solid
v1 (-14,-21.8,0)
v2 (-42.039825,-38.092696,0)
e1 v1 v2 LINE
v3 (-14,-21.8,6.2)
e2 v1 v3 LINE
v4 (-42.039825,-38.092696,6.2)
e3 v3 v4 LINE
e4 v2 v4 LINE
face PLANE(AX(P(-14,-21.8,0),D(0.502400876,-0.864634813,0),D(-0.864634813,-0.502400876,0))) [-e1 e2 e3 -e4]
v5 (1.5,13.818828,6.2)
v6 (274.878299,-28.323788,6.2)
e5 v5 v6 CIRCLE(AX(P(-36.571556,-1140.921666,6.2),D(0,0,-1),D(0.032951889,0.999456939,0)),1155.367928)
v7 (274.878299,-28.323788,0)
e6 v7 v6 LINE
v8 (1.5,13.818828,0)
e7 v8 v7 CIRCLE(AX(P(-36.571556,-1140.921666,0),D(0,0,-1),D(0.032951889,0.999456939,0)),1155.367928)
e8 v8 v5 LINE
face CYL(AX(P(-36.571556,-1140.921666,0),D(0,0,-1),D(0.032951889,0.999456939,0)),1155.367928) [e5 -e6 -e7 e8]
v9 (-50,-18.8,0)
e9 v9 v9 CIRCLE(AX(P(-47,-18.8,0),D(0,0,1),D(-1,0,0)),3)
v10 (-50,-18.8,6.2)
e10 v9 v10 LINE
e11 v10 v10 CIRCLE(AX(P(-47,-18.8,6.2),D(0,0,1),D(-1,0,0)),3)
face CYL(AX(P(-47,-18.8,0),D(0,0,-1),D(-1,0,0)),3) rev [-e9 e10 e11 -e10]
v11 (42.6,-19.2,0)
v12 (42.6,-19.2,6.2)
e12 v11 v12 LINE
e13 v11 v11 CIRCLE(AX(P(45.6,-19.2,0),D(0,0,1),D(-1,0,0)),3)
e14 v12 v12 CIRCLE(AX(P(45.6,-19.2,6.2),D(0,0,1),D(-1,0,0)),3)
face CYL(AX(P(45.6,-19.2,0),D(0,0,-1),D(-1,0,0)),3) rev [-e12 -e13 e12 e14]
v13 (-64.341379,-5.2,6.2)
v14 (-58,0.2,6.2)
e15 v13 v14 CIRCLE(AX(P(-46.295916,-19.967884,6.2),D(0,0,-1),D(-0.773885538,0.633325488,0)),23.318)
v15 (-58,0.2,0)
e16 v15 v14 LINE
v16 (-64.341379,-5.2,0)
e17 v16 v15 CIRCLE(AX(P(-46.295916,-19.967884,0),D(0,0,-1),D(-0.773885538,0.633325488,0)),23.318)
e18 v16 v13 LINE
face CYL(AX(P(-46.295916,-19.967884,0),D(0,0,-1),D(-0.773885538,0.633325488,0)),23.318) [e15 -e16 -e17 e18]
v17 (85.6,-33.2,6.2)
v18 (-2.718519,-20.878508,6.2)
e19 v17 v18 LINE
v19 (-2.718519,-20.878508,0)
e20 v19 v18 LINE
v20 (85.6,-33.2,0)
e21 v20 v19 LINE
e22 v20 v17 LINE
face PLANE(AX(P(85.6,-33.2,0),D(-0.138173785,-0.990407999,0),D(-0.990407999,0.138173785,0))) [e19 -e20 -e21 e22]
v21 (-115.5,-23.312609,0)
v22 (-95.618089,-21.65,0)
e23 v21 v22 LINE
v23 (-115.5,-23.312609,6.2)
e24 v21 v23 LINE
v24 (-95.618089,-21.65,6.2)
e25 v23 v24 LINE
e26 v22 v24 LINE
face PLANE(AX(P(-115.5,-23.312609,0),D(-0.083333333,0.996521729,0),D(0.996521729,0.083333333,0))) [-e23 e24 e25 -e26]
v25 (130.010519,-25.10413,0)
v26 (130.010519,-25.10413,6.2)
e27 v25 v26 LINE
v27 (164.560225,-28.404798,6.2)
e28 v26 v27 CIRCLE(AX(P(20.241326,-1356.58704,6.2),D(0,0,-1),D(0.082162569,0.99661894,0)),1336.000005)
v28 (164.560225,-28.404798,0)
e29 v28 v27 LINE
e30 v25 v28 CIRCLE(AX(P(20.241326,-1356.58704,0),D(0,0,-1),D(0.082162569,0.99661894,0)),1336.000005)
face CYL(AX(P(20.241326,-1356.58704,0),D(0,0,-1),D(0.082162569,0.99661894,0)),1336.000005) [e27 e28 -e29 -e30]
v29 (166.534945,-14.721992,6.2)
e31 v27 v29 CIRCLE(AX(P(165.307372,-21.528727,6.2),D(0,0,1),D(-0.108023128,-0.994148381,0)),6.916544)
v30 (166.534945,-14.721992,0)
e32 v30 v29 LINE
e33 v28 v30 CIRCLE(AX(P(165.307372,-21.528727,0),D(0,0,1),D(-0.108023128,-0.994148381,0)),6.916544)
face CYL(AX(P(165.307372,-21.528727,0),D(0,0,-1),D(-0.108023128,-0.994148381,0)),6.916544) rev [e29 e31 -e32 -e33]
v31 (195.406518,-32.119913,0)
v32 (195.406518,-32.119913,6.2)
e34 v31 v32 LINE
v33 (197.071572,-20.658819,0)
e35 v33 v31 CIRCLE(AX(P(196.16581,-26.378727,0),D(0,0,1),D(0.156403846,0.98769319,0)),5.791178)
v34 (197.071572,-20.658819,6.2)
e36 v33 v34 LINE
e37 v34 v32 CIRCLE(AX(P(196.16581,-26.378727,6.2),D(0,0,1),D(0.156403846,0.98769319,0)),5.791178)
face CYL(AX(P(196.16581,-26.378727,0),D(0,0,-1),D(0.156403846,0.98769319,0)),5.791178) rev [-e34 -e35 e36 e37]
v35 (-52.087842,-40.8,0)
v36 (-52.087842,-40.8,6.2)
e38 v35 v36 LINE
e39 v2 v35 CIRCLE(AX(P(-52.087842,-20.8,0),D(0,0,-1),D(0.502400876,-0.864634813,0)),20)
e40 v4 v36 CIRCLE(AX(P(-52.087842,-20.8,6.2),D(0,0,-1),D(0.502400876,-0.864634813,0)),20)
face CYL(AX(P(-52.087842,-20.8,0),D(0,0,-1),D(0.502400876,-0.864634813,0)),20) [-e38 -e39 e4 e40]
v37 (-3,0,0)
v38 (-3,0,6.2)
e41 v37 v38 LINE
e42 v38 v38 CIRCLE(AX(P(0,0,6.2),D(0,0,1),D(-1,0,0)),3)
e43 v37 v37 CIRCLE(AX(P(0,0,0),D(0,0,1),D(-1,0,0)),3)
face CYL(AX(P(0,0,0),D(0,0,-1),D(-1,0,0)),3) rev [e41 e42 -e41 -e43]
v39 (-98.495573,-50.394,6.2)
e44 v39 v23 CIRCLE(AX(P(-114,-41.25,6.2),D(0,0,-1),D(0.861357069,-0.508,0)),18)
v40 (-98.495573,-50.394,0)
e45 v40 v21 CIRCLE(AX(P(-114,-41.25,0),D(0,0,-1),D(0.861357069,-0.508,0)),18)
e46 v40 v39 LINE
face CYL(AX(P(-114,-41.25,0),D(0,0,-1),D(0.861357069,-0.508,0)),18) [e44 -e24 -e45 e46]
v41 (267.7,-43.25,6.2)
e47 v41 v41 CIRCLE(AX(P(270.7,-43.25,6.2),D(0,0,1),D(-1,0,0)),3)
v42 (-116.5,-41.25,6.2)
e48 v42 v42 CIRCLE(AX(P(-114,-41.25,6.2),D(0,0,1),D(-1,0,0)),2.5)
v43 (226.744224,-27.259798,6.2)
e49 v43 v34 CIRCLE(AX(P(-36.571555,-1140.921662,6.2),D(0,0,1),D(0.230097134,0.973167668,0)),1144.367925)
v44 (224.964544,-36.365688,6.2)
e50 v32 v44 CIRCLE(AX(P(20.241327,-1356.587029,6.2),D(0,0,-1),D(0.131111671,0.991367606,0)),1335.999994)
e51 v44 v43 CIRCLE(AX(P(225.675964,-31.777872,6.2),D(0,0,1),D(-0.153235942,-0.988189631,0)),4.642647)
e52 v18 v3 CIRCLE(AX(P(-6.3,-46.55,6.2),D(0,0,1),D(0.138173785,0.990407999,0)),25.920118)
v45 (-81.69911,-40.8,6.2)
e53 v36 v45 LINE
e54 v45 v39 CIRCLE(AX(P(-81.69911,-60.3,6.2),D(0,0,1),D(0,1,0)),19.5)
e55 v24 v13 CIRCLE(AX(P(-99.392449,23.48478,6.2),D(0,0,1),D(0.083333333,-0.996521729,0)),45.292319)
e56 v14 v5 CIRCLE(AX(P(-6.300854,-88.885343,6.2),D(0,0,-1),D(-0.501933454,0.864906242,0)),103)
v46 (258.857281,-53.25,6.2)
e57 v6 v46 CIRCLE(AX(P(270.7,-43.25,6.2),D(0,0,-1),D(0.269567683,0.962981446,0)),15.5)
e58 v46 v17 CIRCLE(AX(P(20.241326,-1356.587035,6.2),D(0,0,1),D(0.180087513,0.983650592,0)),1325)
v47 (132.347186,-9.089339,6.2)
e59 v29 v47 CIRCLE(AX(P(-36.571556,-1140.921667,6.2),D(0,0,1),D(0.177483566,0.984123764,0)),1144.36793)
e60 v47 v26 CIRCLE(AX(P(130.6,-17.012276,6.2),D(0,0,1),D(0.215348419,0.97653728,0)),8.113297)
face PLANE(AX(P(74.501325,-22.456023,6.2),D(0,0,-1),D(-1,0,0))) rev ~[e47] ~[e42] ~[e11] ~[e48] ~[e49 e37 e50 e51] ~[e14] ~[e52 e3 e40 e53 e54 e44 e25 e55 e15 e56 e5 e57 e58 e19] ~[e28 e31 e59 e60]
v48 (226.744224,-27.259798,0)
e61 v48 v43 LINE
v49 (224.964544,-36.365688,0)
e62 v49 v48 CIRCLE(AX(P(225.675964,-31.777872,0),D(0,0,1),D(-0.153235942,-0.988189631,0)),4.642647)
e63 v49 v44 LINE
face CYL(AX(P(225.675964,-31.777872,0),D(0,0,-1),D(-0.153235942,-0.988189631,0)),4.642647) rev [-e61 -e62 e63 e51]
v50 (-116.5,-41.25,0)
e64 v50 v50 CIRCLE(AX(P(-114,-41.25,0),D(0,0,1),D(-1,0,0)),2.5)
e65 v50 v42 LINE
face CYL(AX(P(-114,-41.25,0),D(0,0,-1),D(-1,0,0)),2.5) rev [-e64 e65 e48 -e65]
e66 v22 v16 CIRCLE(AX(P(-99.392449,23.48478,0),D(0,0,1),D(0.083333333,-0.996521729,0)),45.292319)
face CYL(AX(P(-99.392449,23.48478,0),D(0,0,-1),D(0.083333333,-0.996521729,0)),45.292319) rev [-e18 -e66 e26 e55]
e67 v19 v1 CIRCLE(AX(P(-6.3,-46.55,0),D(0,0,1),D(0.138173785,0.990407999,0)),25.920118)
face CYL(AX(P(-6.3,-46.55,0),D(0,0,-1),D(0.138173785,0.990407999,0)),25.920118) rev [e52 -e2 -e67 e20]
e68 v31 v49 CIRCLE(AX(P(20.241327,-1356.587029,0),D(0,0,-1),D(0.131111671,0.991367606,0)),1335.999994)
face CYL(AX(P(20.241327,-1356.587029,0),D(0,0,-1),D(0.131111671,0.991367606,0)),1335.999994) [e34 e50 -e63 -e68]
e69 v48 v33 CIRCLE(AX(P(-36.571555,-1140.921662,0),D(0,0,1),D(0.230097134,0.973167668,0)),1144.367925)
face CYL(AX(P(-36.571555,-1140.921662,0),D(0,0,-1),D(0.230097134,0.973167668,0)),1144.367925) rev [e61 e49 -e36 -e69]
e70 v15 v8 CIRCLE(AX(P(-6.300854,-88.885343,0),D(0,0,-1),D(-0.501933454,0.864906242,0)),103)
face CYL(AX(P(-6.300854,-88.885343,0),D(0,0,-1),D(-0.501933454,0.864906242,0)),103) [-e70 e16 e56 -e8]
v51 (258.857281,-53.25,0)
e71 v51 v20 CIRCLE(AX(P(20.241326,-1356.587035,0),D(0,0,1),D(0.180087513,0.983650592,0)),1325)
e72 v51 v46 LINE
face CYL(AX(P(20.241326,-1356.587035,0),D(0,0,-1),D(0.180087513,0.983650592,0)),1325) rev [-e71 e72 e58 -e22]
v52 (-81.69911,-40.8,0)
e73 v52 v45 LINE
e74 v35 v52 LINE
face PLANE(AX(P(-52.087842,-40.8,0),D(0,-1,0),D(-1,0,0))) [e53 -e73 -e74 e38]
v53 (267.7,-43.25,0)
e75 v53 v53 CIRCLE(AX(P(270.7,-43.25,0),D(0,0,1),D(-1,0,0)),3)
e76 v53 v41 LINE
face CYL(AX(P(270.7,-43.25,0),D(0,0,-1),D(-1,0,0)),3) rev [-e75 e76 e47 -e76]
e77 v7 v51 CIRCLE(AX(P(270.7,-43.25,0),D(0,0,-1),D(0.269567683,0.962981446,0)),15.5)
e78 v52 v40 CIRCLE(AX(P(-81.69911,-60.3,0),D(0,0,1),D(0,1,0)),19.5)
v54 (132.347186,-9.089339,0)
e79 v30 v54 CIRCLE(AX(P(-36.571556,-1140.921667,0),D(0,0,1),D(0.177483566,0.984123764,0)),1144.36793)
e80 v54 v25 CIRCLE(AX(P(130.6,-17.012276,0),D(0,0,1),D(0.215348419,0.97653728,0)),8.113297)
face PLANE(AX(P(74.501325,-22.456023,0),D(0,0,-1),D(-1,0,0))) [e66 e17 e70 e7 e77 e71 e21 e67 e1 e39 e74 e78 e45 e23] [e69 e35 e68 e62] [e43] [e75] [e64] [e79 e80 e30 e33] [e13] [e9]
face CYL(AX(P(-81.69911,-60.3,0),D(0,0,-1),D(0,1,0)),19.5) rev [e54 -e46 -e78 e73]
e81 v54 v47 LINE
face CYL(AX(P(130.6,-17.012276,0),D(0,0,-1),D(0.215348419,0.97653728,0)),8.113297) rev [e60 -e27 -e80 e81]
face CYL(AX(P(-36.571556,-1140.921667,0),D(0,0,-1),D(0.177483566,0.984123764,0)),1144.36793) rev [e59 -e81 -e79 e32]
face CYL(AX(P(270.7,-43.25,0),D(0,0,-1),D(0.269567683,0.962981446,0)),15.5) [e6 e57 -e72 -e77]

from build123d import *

# Parameters (mm, degrees)
SKETCH1_R           = 2.5
SKETCH1_R_2         = 3
BOSS_EXTRUDE1_DEPTH = 6.2


with BuildPart() as part:
    # Sketch1 → Boss-Extrude1 (new body)
    with BuildSketch(Plane.XY):
        with BuildLine():
            Line((85.6, -33.2), (-2.718519223, -20.878508118))
            ThreePointArc((-2.718519223, -20.878508118), (-8.41017463, -20.715920511), (-14, -21.8))
            Line((-14, -21.8), (-42.039824529, -38.092696265))
            ThreePointArc((-42.039824529, -38.092696265), (-46.884666341, -40.111316958), (-52.087842039, -40.8))
            Line((-52.087842039, -40.8), (-81.699109919, -40.8))
            ThreePointArc((-81.699109919, -40.8), (-91.370795398, -43.36753119), (-98.495572761, -50.394))
            ThreePointArc((-98.495572761, -50.394), (-129.24406218, -50.82175889), (-115.5, -23.312608885))
            Line((-115.5, -23.312608885), (-95.618089435, -21.65))
            ThreePointArc((-95.618089435, -21.65), (-78.309182519, -16.601252711), (-64.341378668, -5.2))
            ThreePointArc((-64.341378668, -5.2), (-61.413749232, -2.21456762), (-58, 0.2))
            ThreePointArc((-58, 0.2), (-29.282001226, 11.518177334), (1.5, 13.818827736))
            ThreePointArc((1.5, 13.818827736), (139.454874424, 0.958251967), (274.87829908, -28.323787594))
            ThreePointArc((274.87829908, -28.323787594), (283.738974288, -51.630641354), (258.857280718, -53.25))
            ThreePointArc((258.857280718, -53.25), (172.558903288, -40.371111866), (85.6, -33.2))
        make_face()
        with Locations(Location((-114, -41.25, 0), (0, 0, 180))):
            Circle(SKETCH1_R, mode=Mode.SUBTRACT)
        with Locations(Location((-47, -18.8, 0), (0, 0, 180))):
            Circle(SKETCH1_R_2, mode=Mode.SUBTRACT)
        with Locations(Location((45.6, -19.2, 0), (0, 0, 180))):
            Circle(SKETCH1_R_2, mode=Mode.SUBTRACT)
        with Locations(Location((0, 0, 0), (0, 0, 180))):
            Circle(SKETCH1_R_2, mode=Mode.SUBTRACT)
        with Locations(Location((270.7, -43.25, 0), (0, 0, 180))):
            Circle(SKETCH1_R_2, mode=Mode.SUBTRACT)
        with BuildLine():
            ThreePointArc((226.744224082, -27.259797753), (211.929816899, -23.860779344), (197.071572094, -20.658819377))
            ThreePointArc((197.071572094, -20.658819377), (190.434794526, -25.546132018), (195.40651845, -32.119913468))
            ThreePointArc((195.40651845, -32.119913468), (210.197393834, -34.160215491), (224.964543777, -36.365688118))
            ThreePointArc((224.964543777, -36.365688118), (230.232403999, -32.668395241), (226.744224082, -27.259797753))
        make_face(mode=Mode.SUBTRACT)
        with BuildLine():
            ThreePointArc((132.347185699, -9.089339403), (122.571709195, -15.840894216), (130.010518711, -25.104130489))
            ThreePointArc((130.010518711, -25.104130489), (147.296090717, -26.642266435), (164.560225388, -28.404797523))
            ThreePointArc((164.560225388, -28.404797523), (172.152990765, -22.51669502), (166.534944909, -14.721991823))
            ThreePointArc((166.534944909, -14.721991823), (149.462384392, -11.776267989), (132.347185699, -9.089339403))
        make_face(mode=Mode.SUBTRACT)
    extrude(amount=BOSS_EXTRUDE1_DEPTH)


solid = part.part
